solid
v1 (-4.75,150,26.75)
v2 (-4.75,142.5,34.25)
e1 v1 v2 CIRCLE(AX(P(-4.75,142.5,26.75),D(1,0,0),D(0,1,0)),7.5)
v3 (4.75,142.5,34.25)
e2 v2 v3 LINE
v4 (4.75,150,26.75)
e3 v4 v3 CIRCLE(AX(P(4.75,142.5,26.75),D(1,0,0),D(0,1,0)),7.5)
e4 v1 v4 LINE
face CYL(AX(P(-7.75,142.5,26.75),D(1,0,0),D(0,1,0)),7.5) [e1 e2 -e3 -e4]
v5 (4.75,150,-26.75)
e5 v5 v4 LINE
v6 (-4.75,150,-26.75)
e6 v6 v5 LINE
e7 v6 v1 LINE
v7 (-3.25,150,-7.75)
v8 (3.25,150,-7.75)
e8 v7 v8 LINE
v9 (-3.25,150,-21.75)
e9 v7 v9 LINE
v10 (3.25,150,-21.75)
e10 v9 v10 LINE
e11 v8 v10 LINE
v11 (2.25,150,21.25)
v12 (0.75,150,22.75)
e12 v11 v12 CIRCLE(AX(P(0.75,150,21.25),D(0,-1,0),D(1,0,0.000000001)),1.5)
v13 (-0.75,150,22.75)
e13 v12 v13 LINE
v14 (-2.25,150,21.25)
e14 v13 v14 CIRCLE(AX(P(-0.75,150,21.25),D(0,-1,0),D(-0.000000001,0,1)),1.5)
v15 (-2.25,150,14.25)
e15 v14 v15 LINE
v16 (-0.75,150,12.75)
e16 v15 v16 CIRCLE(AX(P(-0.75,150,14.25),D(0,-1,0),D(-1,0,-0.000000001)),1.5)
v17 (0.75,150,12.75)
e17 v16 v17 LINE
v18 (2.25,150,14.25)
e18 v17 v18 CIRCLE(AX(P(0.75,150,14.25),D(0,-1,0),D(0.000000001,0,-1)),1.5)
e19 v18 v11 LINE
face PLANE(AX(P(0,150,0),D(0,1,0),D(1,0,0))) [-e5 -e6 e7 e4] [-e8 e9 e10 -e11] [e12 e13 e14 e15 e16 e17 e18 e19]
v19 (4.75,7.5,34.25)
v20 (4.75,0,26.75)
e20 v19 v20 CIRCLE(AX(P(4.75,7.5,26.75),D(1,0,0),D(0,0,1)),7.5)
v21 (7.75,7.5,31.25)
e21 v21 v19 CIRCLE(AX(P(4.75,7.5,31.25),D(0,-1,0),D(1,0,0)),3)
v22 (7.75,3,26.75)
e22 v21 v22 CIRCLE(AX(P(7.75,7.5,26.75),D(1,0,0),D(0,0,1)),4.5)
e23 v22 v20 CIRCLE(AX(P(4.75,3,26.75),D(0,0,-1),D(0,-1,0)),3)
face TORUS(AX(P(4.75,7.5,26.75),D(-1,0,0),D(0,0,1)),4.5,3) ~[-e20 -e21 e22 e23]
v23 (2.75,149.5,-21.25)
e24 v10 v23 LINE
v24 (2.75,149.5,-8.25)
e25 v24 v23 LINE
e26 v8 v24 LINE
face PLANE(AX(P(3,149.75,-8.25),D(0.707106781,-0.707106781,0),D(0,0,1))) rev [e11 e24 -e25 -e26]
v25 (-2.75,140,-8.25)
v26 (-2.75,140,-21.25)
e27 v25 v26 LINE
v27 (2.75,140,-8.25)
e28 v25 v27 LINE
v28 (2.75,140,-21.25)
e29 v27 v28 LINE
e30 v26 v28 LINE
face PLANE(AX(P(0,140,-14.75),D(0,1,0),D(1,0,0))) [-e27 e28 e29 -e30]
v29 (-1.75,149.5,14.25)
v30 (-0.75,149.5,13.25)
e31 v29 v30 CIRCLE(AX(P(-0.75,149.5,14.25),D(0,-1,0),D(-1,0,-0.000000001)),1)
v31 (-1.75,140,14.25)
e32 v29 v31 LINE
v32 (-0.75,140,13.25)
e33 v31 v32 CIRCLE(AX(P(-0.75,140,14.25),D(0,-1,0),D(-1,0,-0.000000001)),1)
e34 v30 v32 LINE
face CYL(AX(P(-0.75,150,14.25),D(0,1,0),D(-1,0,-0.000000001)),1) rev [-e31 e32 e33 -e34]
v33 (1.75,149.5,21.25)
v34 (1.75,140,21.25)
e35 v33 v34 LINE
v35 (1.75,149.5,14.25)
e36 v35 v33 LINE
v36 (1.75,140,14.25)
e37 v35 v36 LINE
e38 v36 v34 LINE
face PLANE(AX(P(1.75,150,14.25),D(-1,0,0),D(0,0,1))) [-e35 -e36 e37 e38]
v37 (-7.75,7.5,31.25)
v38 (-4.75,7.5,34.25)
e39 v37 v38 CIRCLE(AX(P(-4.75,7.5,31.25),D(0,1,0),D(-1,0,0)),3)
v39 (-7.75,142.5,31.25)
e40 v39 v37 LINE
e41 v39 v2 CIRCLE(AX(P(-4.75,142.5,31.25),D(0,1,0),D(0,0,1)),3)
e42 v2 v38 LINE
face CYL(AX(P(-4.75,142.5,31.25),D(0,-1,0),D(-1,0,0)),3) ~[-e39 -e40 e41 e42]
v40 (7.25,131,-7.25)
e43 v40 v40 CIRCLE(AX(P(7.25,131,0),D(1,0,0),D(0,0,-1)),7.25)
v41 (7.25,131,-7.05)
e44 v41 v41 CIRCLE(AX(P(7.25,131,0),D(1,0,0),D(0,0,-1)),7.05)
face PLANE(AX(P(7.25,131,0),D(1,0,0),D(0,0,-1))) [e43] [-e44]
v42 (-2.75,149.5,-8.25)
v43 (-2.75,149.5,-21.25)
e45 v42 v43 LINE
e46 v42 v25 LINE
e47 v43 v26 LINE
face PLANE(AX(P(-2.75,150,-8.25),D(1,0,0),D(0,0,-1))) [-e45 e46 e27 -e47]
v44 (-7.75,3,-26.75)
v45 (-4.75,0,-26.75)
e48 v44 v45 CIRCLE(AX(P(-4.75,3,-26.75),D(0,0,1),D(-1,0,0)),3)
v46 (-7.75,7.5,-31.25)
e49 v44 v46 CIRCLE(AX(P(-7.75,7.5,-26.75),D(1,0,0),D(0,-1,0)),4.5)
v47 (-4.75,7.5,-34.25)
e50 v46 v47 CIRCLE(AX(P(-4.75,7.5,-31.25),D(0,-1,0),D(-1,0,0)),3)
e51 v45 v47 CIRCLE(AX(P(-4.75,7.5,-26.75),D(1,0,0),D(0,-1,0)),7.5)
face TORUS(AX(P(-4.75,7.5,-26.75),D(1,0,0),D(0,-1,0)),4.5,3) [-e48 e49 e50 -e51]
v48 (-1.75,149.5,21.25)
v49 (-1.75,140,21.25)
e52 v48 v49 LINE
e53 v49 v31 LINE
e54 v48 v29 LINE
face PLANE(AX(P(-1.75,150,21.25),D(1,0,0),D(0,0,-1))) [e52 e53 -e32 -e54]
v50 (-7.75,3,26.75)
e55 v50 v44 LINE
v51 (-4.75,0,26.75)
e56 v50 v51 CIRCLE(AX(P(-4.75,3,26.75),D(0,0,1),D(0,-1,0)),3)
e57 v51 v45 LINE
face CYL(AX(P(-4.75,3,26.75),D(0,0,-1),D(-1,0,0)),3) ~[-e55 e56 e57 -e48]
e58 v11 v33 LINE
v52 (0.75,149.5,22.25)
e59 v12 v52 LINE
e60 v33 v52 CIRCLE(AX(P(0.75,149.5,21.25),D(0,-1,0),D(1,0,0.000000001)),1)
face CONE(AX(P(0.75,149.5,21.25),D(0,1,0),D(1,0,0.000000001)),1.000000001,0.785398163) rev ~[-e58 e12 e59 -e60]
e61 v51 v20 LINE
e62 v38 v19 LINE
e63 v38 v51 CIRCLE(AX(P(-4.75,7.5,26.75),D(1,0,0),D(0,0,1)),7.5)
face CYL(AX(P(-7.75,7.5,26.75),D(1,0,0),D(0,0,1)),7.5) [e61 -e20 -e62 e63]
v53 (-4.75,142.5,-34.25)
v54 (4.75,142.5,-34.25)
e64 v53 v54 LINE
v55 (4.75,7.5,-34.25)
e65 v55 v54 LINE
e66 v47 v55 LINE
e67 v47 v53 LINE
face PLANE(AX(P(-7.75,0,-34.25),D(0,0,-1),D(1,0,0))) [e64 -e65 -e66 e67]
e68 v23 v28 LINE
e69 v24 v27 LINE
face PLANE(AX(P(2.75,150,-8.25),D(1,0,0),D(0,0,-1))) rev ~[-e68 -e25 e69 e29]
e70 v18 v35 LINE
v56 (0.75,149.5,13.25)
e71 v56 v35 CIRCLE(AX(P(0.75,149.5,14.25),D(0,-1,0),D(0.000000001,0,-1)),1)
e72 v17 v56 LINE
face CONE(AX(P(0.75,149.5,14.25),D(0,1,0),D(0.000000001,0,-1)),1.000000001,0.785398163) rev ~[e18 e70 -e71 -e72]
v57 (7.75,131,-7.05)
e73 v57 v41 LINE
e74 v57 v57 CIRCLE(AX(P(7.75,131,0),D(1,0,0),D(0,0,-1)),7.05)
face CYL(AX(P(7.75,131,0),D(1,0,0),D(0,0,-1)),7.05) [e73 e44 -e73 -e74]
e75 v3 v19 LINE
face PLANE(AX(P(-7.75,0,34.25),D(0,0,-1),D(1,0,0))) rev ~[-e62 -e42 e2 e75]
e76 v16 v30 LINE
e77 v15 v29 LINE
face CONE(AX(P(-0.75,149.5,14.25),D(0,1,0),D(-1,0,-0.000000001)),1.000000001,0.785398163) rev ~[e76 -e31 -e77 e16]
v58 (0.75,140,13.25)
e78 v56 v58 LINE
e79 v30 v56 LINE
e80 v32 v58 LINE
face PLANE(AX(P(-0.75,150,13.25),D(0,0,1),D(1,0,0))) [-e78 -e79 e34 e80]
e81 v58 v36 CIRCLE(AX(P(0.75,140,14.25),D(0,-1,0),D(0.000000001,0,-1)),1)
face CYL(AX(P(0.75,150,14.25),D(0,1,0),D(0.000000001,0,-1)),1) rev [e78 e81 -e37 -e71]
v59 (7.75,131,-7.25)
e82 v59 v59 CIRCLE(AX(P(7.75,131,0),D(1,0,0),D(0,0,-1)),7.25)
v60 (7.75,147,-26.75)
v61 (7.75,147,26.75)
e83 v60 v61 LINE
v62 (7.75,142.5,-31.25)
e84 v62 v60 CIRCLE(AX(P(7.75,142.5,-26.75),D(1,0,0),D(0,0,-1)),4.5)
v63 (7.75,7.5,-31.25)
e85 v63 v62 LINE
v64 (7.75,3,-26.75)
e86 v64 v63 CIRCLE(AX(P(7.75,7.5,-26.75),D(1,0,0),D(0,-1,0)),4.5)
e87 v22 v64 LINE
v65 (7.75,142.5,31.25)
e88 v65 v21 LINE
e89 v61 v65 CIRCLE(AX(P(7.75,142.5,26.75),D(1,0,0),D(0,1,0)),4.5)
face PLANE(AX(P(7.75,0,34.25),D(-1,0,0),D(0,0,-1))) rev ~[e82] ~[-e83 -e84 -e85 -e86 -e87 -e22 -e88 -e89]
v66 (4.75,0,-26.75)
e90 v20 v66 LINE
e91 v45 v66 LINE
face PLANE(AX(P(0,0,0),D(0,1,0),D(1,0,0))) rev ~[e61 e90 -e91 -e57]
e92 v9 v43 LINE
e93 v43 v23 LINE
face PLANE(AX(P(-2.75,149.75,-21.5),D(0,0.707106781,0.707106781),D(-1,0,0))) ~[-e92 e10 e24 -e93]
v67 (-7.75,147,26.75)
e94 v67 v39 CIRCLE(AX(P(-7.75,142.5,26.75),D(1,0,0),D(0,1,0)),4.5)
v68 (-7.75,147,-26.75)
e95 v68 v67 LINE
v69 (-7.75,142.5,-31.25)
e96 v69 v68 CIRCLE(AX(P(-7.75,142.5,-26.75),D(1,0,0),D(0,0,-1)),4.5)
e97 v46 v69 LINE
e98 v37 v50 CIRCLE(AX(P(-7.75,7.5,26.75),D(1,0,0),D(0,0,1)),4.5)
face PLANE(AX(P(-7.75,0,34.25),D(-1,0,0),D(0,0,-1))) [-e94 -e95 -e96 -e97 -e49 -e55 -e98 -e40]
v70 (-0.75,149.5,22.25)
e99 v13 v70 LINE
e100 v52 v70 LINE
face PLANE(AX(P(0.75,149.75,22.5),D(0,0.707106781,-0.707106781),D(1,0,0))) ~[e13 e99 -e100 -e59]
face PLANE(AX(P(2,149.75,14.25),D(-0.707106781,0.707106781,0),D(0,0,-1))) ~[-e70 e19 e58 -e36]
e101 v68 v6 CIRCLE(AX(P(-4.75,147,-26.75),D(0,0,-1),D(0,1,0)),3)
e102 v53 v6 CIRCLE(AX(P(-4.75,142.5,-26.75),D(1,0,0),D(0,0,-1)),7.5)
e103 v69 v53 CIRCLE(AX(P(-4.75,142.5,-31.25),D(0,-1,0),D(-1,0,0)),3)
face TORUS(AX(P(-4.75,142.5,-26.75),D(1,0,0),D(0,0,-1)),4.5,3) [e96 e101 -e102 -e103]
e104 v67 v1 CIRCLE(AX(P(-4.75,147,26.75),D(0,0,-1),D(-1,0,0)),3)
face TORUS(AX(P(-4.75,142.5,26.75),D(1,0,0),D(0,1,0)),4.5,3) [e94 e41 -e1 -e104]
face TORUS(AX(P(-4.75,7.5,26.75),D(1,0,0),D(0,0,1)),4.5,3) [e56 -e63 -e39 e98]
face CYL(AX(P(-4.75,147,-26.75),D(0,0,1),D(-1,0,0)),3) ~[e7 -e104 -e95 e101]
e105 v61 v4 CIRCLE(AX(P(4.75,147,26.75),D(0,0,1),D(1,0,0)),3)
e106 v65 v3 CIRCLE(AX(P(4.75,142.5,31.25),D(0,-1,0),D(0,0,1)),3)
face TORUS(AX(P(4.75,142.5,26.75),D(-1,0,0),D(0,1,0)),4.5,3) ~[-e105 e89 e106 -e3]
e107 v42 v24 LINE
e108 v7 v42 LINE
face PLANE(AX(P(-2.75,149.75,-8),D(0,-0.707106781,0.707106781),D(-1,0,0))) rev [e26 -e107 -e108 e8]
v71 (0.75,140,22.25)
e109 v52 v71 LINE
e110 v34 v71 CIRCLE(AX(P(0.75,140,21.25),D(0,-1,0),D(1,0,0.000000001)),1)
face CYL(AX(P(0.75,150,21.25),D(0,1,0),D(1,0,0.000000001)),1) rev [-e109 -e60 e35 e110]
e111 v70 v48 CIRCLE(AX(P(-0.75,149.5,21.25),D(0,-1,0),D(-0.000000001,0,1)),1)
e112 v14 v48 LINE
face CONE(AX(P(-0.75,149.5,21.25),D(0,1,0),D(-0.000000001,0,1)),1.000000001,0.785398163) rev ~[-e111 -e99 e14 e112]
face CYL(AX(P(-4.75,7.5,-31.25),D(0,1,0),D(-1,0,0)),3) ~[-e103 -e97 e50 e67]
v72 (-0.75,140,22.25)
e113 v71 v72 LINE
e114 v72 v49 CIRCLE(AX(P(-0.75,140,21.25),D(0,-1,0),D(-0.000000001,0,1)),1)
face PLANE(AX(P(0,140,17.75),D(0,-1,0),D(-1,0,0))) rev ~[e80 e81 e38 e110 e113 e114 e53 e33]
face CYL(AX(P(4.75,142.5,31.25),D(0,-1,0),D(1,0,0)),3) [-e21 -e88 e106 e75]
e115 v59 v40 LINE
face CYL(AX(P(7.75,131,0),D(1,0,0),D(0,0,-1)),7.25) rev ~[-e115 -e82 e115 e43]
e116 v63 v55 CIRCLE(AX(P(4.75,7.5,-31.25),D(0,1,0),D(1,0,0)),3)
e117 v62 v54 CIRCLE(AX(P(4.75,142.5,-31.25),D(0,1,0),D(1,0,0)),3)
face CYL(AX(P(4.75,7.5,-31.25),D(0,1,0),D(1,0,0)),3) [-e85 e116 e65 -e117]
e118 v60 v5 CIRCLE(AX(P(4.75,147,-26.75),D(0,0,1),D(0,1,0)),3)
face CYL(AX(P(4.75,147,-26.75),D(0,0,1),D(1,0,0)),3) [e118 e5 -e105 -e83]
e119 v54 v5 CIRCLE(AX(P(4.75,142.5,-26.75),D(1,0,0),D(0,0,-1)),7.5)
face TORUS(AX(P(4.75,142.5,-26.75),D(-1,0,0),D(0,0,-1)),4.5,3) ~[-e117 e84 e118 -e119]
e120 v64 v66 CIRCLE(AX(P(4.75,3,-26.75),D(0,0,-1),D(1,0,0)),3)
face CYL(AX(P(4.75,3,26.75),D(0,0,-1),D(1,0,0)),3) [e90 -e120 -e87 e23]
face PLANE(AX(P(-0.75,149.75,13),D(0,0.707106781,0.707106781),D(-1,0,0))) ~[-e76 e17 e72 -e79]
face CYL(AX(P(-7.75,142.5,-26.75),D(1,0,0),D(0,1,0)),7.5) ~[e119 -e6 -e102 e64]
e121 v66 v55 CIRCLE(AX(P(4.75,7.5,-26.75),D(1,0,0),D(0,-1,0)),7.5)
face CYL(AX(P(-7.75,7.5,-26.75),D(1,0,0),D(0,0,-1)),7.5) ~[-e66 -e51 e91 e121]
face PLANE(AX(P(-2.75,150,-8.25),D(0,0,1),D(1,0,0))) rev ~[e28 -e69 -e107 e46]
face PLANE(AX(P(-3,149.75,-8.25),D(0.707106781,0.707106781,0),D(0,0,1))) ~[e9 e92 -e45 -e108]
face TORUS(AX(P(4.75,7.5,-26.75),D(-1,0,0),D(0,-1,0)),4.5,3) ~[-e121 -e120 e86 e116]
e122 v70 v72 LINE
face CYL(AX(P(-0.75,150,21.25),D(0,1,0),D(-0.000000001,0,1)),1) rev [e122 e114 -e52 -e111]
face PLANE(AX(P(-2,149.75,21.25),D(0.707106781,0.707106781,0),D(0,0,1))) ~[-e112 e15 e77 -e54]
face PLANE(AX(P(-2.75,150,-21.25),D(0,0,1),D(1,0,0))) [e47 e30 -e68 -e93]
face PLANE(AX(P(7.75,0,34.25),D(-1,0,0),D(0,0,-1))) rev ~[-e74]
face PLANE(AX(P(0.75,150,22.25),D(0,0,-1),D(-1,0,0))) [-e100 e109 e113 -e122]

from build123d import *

# Parameters (mm, degrees)
SKETCH_1_W          = 15.5
SKETCH_1_H          = 68.5
EXTRUDE_1_DEPTH     = 150
SKETCH_2_W          = 5.5
SKETCH_2_H          = 13
CUT_EXTRUDE_1_DEPTH = 10
CHAMFER_1_SIZE      = 0.5
FILLET_1_R          = 7.5
FILLET_2_R          = 3
SKETCH_3_R          = 7.25
SKETCH_3_R_2        = 7.05
CUT_EXTRUDE_2_DEPTH = 0.5


with BuildPart() as part:
    # ｽｹｯﾁ1 → ﾎﾞｽ - 押し出し1 (new body)
    with BuildSketch(Plane(origin=(0, 0, 0), x_dir=(1, 0, 0), z_dir=(0, 1, 0))):
        Rectangle(SKETCH_1_W, SKETCH_1_H)
    extrude(amount=EXTRUDE_1_DEPTH)

    # ｽｹｯﾁ2 → ｶｯﾄ - 押し出し1 (cut)
    with BuildSketch(Plane(origin=(0, 150, 0), x_dir=(1, 0, 0), z_dir=(0, 1, 0))):
        with Locations((0, 14.75)):
            Rectangle(SKETCH_2_W, SKETCH_2_H)
        with BuildLine():
            Line((-0.75, -13.25), (0.75, -13.25))
            ThreePointArc((0.75, -13.25), (1.457106781, -13.542893219), (1.75, -14.25))
            Line((1.75, -14.25), (1.75, -21.25))
            ThreePointArc((1.75, -21.25), (1.457106781, -21.957106781), (0.75, -22.25))
            Line((0.75, -22.25), (-0.75, -22.25))
            ThreePointArc((-0.75, -22.25), (-1.457106781, -21.957106781), (-1.75, -21.25))
            Line((-1.75, -21.25), (-1.75, -14.25))
            ThreePointArc((-1.75, -14.25), (-1.457106781, -13.542893219), (-0.75, -13.25))
        make_face()
    extrude(amount=-CUT_EXTRUDE_1_DEPTH, mode=Mode.SUBTRACT)

    # 面取り1
    chamfer_1_edges = [part.edges().sort_by_distance(p)[0] for p in [
        (2.75, 150, -14.75),
        (0, 150, -21.25),
        (-2.75, 150, -14.75),
        (0, 150, -8.25),
        (1.457106781, 150, 21.957106781),
        (1.75, 150, 17.75),
        (1.457106781, 150, 13.542893219),
        (0, 150, 13.25),
        (-1.457106781, 150, 13.542893219),
        (-1.75, 150, 17.75),
        (-1.457106781, 150, 21.957106781),
        (0, 150, 22.25),
    ]]
    chamfer(chamfer_1_edges, length=CHAMFER_1_SIZE)

    # ﾌｨﾚｯﾄ1
    fillet_1_edges = [part.edges().sort_by_distance(p)[0] for p in [
        (0, 150, 34.25),
        (0, 0, 34.25),
        (0, 0, -34.25),
        (0, 150, -34.25),
    ]]
    fillet(fillet_1_edges, radius=FILLET_1_R)

    # ﾌｨﾚｯﾄ2
    fillet_2_edges = [part.edges().sort_by_distance(p)[0] for p in [
        (-7.75, 75, -34.25),
        (7.75, 75, -34.25),
        (-7.75, 0, 0),
        (-7.75, 75, 34.25),
        (-7.75, 150, 0),
        (-7.75, 147.803300859, 32.053300859),
        (-7.75, 147.803300859, -32.053300859),
        (-7.75, 2.196699141, 32.053300859),
        (-7.75, 2.196699141, -32.053300859),
        (7.75, 0, 0),
        (7.75, 150, 0),
        (7.75, 75, 34.25),
        (7.75, 147.803300859, 32.053300859),
        (7.75, 147.803300859, -32.053300859),
        (7.75, 2.196699141, 32.053300859),
        (7.75, 2.196699141, -32.053300859),
    ]]
    fillet(fillet_2_edges, radius=FILLET_2_R)

    # ｽｹｯﾁ3 → ｶｯﾄ - 押し出し2 (cut)
    with BuildSketch(Plane(origin=(7.75, 0, 0), x_dir=(0, 0, -1), z_dir=(1, 0, 0))):
        with Locations((0, 131)):
            Circle(SKETCH_3_R)
        with Locations((0, 131)):
            Circle(SKETCH_3_R_2, mode=Mode.SUBTRACT)
    extrude(amount=-CUT_EXTRUDE_2_DEPTH, mode=Mode.SUBTRACT)


solid = part.part
